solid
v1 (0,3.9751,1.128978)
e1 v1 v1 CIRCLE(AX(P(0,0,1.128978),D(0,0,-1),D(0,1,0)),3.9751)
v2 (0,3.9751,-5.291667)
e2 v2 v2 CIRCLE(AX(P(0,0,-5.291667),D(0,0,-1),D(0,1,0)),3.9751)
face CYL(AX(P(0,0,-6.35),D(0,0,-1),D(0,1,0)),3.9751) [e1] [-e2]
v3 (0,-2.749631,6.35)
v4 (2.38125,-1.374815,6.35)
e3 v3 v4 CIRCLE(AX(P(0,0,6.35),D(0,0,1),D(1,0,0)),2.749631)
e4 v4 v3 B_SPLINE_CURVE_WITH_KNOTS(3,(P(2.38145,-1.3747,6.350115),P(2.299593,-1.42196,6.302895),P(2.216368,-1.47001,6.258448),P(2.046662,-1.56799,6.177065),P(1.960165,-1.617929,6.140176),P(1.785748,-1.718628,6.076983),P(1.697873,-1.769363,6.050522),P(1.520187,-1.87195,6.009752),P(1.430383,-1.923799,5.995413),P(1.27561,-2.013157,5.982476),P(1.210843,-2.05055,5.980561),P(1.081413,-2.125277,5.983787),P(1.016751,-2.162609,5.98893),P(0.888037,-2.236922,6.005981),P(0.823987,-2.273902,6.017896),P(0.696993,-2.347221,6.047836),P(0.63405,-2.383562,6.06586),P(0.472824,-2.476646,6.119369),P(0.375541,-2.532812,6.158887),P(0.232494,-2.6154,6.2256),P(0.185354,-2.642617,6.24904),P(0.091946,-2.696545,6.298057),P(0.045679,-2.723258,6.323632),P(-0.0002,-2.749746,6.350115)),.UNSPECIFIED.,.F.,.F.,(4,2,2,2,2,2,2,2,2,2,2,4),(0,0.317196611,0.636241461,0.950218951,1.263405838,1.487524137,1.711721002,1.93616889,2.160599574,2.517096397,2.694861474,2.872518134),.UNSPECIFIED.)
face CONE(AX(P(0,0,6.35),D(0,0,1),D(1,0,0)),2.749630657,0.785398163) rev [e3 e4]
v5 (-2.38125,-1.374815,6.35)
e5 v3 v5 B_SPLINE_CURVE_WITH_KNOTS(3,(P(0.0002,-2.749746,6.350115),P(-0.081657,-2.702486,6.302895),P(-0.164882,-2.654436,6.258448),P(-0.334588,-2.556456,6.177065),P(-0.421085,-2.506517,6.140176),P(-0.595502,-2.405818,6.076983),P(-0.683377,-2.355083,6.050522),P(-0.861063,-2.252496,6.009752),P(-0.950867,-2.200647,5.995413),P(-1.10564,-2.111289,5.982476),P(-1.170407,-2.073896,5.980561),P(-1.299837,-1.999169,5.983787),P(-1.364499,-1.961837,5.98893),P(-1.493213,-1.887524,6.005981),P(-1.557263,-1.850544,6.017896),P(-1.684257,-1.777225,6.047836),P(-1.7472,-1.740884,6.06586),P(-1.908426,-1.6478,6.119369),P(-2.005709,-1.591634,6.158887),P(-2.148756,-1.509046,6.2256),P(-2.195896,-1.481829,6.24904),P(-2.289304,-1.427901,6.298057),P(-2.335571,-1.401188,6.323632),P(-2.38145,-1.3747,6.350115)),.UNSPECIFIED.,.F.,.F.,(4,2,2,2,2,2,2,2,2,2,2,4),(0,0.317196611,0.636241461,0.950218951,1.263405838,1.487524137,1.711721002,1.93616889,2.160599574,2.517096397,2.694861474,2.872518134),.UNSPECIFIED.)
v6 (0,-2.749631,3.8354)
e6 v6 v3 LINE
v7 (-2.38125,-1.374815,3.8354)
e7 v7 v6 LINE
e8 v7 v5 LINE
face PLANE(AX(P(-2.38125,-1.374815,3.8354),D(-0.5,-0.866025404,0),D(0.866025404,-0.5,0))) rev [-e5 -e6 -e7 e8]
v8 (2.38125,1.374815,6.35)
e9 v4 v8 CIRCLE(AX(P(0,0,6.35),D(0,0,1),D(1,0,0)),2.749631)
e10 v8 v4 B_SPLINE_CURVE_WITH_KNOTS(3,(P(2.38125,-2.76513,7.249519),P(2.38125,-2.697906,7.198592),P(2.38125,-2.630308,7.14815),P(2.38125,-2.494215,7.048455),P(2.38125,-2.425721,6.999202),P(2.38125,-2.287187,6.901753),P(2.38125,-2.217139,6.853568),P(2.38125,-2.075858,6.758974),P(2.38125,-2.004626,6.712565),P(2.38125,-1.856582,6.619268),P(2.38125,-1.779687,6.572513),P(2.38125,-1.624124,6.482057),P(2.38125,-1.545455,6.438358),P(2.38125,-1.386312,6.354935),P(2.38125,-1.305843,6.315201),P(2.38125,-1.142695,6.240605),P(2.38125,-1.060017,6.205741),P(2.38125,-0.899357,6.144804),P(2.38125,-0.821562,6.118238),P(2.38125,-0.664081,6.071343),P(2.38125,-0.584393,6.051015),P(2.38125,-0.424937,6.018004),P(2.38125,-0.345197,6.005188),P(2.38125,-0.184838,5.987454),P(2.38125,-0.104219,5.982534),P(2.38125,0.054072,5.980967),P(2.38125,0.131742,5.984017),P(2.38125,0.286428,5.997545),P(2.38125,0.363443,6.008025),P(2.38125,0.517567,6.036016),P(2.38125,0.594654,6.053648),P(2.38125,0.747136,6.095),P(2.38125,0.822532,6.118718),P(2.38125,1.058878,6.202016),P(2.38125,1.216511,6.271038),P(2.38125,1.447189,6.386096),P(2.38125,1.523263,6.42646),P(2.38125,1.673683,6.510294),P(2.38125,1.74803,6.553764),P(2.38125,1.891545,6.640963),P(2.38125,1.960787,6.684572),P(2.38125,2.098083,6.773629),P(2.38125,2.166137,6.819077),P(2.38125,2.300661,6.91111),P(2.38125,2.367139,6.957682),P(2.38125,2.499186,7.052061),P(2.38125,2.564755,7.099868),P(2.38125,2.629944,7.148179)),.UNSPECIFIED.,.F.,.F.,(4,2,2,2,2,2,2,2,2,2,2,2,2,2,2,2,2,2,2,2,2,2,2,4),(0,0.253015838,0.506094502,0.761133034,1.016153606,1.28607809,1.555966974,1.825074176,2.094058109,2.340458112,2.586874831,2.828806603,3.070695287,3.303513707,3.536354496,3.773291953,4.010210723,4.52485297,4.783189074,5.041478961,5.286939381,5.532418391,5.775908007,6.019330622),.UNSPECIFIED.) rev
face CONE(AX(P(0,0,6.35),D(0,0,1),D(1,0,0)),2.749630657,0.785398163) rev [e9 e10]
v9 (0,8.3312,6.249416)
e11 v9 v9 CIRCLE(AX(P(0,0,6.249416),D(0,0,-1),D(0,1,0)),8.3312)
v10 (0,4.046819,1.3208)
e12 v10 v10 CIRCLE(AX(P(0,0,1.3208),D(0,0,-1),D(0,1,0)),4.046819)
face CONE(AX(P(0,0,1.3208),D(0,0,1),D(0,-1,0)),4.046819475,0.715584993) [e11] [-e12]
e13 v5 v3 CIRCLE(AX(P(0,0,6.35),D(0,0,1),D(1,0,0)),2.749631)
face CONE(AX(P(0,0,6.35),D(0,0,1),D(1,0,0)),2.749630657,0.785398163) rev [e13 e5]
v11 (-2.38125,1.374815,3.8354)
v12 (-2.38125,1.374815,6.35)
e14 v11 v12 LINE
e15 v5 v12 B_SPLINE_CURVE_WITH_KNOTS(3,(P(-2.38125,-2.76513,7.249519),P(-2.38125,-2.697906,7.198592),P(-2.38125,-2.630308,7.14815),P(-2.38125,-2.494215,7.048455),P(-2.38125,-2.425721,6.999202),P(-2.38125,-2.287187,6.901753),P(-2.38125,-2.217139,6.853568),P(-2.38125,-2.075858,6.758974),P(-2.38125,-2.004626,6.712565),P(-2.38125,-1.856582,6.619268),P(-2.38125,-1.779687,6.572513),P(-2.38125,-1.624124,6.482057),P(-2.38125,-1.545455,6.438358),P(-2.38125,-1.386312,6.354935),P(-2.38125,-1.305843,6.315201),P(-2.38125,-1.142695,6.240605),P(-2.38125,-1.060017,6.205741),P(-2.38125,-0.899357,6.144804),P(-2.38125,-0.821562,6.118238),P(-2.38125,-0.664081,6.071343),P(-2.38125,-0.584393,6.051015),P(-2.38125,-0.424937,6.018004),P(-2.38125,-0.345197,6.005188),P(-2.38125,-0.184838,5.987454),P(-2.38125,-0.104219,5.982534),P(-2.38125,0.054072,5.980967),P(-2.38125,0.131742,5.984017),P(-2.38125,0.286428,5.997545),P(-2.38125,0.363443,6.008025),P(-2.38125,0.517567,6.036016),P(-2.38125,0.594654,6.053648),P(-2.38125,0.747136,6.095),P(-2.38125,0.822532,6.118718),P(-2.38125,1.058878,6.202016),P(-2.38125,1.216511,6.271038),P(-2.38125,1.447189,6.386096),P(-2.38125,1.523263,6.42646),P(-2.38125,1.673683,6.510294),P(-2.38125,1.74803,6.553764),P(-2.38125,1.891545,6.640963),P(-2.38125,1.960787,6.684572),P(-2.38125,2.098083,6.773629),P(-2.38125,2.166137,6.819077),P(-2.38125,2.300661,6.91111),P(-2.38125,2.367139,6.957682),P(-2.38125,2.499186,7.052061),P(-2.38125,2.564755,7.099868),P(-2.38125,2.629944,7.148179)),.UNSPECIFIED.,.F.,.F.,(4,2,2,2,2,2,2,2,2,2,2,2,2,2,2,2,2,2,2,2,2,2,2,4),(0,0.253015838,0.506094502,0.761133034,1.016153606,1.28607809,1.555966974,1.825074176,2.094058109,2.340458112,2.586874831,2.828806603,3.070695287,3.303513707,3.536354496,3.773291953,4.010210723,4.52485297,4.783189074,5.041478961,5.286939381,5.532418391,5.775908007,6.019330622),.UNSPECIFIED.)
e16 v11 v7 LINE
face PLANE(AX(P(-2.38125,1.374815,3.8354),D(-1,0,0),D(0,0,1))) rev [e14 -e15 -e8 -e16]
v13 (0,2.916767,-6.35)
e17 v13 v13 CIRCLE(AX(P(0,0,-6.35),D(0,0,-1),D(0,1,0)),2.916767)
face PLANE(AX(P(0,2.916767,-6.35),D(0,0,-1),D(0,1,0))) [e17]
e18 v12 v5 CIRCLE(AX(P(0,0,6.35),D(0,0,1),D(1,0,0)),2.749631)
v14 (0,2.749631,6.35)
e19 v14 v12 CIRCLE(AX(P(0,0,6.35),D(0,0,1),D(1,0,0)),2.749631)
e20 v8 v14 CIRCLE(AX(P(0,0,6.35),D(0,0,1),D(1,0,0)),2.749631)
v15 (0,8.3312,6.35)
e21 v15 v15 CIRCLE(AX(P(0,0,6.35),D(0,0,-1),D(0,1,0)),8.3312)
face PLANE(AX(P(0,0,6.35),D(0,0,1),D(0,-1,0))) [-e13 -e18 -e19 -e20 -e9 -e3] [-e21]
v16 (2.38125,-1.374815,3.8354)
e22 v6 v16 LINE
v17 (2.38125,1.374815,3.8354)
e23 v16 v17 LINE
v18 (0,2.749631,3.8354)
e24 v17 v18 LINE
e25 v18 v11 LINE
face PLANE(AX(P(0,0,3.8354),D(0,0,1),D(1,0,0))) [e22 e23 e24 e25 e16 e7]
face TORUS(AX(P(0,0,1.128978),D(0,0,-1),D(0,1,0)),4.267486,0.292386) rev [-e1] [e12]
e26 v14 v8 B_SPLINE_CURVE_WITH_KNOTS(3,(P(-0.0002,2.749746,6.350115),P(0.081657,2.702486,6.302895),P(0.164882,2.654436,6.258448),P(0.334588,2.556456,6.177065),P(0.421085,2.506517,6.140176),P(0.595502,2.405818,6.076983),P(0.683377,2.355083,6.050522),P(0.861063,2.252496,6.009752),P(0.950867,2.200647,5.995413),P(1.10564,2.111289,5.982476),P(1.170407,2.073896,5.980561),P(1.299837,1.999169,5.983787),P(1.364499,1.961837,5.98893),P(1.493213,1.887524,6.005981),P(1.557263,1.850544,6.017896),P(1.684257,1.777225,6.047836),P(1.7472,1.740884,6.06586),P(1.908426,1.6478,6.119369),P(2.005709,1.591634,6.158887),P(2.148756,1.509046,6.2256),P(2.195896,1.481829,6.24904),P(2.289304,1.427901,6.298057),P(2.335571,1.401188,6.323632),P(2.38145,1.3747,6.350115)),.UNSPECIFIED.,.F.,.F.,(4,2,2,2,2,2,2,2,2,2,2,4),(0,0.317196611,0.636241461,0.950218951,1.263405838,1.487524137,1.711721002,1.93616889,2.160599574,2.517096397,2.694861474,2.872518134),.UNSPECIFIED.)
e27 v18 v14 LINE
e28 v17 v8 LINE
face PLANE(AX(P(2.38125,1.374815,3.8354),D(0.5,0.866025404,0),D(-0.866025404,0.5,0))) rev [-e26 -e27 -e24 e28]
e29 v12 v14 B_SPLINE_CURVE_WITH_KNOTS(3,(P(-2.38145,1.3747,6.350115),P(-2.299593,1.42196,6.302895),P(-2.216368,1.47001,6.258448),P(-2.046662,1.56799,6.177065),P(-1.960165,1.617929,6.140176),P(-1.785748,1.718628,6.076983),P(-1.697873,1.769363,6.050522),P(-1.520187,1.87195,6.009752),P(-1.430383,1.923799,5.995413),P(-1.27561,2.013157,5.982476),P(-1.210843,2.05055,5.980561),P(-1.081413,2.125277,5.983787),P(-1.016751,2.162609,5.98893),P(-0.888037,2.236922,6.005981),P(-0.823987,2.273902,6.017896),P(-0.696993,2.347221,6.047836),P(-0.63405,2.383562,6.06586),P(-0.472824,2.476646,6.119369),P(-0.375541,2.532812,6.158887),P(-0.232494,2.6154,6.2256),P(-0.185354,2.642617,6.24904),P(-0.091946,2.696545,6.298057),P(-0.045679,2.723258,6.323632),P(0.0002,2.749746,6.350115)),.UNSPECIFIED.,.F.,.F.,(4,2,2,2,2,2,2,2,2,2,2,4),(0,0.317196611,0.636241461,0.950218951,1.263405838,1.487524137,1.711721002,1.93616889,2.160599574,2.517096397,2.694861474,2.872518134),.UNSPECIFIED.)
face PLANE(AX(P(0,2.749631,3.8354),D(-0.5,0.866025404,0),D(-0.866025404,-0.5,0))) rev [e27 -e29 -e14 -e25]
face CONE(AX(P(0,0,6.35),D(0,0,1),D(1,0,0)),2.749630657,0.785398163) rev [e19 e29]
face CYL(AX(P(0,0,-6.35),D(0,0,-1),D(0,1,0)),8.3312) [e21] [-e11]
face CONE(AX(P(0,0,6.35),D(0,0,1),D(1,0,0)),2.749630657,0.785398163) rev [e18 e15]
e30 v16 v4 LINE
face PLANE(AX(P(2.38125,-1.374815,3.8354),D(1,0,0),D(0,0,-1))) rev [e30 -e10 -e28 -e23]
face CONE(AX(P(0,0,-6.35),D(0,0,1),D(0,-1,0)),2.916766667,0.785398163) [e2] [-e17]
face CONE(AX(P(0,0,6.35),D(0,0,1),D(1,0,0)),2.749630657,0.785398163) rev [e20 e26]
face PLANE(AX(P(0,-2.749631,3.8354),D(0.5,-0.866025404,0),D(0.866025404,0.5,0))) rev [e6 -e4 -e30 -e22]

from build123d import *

# Parameters (mm, degrees)
SKETCH10_R         = 2.749630657
CUT_EXTRUDE2_DEPTH = 2.5146
CUT_EXTRUDE2_DRAFT = -45
CUT_EXTRUDE1_DEPTH = 2.5146


with BuildPart() as part:
    # Sketch2 → Revolve1 (revolve)
    with BuildSketch(Plane(origin=(0, 0, 0), x_dir=(0, 0, -1), z_dir=(1, 0, 0))):
        with BuildLine():
            Line((-6.249416, 8.3312), (-1.3208, 4.046819475))
            ThreePointArc((-1.3208, 4.046819475), (-1.231373272, 3.993616163), (-1.12897755, 3.9751))
            Line((-1.12897755, 3.9751), (5.291666667, 3.9751))
            Line((5.291666667, 3.9751), (6.35, 2.916766667))
            Line((6.35, 2.916766667), (6.35, 0))
            Line((6.35, 0), (-6.35, 0))
            Line((-6.35, 0), (-6.35, 8.3312))
            Line((-6.35, 8.3312), (-6.249416, 8.3312))
        make_face()
    revolve(axis=Axis((0, 0, -6.35), (0, 0, 1)))


with BuildPart() as cut_extrude2_tool:
    # Sketch10 → Cut-Extrude2 (with draft: the straight prism first)
    with BuildSketch(Plane.XY.offset(6.35)):
        Circle(SKETCH10_R)
    extrude(amount=-CUT_EXTRUDE2_DEPTH)
    # Cut-Extrude2: the draft: its side faces are tilted about the plane it starts from
    cut_extrude2_sides = [cut_extrude2_tool.faces().sort_by_distance(p)[0] for p in [
        (-2.749630657, 0, 5.0927),
    ]]
    draft(cut_extrude2_sides, Plane.XY.offset(6.35), CUT_EXTRUDE2_DRAFT)


with BuildPart() as part_1:
    add(part.part)

    # Cut-Extrude2: cut by cut_extrude2_tool
    add(cut_extrude2_tool.part, mode=Mode.SUBTRACT)

    # Sketch9 → Cut-Extrude1 (cut)
    with BuildSketch(Plane.XY.offset(6.35)):
        Polygon((2.38125, -1.374815329), (2.38125, 1.374815329), (0, 2.749630657), (-2.38125, 1.374815329), (-2.38125, -1.374815329), (0, -2.749630657), align=None)
    extrude(amount=-CUT_EXTRUDE1_DEPTH, mode=Mode.SUBTRACT)


solid = part_1.part
